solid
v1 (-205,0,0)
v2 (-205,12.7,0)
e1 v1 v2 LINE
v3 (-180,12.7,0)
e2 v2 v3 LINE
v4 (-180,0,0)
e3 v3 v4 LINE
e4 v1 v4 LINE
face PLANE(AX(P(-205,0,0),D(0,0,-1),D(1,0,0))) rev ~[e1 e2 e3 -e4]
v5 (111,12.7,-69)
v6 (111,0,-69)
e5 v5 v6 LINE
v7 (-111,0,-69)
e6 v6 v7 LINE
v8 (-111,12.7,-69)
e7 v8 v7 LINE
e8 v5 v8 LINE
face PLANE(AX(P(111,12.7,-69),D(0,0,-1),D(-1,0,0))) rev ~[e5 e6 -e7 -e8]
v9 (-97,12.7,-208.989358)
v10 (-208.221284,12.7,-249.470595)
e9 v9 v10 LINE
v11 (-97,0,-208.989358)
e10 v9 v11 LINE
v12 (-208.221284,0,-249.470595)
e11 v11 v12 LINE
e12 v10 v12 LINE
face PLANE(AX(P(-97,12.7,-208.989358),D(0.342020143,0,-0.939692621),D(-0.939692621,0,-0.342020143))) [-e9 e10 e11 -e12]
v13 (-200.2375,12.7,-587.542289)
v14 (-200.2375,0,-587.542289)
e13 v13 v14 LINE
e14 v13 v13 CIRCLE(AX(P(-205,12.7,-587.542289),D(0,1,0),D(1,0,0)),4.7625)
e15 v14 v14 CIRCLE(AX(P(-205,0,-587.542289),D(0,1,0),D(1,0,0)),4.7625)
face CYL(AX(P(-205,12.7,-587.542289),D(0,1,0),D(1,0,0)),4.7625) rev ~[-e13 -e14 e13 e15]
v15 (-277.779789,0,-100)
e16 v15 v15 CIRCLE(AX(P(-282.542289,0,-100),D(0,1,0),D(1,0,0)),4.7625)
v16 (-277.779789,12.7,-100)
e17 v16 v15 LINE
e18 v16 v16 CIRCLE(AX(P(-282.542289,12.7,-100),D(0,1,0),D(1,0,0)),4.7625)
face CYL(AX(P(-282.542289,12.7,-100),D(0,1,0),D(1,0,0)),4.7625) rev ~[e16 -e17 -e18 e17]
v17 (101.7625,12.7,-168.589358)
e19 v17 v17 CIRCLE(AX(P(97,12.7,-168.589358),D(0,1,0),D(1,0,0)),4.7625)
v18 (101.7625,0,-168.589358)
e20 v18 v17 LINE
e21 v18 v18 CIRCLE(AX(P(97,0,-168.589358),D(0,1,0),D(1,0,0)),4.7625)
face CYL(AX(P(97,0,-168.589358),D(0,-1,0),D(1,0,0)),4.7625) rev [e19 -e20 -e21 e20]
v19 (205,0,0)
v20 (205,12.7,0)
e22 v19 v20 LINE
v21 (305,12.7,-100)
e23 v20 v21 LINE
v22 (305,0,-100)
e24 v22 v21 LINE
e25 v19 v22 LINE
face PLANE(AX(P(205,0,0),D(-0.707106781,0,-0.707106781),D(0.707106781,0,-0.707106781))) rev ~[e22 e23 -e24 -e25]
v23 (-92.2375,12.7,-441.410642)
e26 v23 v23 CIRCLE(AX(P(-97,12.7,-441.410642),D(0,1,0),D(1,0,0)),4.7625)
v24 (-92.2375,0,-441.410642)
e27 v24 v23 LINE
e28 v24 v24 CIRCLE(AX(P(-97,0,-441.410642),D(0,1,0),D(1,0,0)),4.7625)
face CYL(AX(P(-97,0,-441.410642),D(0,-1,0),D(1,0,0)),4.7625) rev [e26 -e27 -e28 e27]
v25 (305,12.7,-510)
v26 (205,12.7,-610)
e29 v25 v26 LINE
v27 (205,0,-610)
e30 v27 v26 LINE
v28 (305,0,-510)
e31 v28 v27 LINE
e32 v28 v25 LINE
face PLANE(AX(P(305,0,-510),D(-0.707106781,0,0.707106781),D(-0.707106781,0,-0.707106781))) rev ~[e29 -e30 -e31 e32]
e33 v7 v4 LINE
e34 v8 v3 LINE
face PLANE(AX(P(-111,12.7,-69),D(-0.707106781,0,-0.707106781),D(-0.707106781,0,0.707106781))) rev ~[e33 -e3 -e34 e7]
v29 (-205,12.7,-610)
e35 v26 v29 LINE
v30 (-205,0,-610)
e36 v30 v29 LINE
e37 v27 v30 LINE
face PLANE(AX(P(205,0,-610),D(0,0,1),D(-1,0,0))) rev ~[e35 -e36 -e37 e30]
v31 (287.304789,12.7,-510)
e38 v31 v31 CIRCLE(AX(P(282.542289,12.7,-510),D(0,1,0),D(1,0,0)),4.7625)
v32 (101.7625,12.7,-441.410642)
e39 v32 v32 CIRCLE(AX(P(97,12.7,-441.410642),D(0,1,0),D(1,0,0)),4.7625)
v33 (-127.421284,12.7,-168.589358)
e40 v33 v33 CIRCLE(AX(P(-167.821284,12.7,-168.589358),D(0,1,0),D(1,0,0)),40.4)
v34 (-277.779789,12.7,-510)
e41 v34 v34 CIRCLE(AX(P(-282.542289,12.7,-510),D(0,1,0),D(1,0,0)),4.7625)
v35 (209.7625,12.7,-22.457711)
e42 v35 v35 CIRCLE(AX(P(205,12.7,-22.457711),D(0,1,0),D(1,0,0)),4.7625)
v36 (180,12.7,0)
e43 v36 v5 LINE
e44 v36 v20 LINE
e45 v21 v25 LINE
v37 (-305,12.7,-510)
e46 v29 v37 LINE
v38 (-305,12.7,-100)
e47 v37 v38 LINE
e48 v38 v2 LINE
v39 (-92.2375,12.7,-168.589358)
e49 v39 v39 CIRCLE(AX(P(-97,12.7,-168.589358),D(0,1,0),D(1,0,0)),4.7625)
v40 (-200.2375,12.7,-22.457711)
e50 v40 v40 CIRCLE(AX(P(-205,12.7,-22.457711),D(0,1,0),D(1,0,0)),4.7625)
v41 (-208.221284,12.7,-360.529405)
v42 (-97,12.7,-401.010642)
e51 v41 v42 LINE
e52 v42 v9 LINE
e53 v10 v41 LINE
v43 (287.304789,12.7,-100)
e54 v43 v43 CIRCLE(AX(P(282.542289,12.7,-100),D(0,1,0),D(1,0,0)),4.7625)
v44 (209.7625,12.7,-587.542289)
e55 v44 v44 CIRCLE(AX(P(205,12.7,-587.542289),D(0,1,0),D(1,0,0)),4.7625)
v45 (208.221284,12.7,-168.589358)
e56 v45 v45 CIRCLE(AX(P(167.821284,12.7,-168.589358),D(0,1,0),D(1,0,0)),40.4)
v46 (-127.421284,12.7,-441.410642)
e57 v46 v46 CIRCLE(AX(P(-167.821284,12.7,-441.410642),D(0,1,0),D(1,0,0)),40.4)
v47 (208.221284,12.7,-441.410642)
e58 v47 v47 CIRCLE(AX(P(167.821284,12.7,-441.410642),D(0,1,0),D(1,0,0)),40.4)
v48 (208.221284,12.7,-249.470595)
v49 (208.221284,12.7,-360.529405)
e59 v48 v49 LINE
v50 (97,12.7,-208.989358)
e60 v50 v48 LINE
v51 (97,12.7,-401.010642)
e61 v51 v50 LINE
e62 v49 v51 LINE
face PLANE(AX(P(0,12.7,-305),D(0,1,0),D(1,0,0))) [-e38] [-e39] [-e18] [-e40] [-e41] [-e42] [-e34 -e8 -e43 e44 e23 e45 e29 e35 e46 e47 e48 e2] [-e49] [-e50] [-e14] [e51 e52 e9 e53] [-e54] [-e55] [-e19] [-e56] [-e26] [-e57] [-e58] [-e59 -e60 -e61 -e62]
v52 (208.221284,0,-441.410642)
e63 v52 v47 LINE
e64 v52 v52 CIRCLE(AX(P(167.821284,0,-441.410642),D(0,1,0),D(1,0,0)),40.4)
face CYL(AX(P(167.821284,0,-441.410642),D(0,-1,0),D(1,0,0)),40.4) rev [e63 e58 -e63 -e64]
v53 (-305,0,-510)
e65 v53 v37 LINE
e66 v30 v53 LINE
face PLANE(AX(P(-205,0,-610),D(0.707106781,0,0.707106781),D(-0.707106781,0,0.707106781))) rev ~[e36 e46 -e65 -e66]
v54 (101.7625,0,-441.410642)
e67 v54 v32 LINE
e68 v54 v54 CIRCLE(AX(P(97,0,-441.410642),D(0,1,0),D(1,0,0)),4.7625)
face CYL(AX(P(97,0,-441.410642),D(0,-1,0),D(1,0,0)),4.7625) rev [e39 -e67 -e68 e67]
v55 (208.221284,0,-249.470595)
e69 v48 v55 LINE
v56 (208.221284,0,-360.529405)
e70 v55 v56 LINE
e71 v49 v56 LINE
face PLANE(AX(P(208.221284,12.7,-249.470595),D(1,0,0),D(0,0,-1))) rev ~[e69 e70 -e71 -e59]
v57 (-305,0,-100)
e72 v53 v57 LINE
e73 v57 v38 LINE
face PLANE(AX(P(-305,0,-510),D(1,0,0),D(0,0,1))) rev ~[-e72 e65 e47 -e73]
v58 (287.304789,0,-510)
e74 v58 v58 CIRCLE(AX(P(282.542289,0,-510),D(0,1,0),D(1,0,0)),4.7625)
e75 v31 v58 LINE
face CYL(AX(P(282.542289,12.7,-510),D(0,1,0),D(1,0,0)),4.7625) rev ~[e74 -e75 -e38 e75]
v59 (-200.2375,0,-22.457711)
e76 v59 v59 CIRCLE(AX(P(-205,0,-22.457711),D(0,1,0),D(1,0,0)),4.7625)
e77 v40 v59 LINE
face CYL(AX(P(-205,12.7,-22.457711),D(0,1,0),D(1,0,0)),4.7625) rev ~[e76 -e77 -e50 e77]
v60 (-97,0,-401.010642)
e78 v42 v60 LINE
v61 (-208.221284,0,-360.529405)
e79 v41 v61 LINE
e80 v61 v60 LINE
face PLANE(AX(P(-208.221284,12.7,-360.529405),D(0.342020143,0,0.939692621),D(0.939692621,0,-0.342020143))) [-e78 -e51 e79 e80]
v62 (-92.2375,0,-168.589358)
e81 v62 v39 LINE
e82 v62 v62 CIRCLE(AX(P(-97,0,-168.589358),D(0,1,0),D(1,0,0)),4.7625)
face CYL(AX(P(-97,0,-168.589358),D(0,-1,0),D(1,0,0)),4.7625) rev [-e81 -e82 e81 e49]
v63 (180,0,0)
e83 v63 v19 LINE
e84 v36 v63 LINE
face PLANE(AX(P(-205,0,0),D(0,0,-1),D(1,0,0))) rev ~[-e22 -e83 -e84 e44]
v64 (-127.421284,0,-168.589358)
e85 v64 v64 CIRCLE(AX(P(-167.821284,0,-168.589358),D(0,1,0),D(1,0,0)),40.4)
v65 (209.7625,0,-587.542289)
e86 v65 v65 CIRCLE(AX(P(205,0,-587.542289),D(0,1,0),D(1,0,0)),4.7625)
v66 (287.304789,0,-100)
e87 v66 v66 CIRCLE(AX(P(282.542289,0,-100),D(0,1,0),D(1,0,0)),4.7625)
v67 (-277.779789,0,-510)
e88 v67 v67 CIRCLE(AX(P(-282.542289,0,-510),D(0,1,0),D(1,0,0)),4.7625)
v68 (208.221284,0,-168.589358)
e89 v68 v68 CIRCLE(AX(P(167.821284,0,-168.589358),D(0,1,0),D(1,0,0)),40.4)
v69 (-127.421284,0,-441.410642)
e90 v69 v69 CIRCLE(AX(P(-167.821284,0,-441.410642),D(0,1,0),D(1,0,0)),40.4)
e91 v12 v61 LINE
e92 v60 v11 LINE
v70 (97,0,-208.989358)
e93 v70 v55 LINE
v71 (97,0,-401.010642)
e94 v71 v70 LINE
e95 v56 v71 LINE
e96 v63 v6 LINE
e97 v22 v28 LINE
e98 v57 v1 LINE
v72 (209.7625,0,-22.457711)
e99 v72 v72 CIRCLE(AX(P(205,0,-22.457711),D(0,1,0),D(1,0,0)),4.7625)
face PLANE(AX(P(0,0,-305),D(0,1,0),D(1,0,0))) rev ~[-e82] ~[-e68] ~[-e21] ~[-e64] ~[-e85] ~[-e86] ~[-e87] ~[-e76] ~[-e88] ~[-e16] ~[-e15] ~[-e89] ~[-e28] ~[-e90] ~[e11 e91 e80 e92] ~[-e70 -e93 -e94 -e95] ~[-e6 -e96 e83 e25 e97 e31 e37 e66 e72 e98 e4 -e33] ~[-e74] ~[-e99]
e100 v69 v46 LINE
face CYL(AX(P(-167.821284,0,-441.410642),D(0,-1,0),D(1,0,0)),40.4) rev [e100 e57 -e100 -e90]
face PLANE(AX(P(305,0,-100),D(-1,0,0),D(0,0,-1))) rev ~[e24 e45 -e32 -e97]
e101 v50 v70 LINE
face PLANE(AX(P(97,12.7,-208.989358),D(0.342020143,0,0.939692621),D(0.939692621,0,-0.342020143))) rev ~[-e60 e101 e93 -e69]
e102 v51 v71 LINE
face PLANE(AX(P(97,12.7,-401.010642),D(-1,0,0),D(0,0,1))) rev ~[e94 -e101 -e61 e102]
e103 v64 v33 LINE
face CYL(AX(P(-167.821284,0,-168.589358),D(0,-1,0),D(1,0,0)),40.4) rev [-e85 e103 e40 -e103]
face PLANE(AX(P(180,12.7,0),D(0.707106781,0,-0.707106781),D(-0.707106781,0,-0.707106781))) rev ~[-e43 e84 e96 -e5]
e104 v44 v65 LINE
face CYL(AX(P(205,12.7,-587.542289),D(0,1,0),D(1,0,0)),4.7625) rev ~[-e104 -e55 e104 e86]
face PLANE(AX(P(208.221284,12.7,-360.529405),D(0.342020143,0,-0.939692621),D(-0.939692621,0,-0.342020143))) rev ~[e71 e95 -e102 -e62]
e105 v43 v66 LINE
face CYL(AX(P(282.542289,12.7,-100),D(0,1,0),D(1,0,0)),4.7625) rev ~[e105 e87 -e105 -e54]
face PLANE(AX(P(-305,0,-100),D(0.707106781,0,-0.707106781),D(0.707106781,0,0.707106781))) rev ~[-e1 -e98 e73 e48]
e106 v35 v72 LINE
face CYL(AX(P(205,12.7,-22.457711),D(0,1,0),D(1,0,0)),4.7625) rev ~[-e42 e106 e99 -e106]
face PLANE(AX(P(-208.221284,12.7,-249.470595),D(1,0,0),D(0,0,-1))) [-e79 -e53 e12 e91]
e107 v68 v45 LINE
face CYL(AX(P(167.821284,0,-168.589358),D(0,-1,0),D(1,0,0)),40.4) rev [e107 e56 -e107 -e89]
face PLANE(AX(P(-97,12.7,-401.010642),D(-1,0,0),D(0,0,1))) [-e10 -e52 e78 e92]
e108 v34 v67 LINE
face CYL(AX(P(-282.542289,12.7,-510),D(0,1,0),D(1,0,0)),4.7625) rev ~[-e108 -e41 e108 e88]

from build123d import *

# Parameters (mm, degrees)
SKETCH1_R           = 40.4
SKETCH1_R_2         = 4.7625
BOSS_EXTRUDE1_DEPTH = 12.7
CUT_EXTRUDE1_DEPTH  = 5000
SKETCH3_R           = 4.7625
CUT_EXTRUDE2_DEPTH  = 5000
CUT_EXTRUDE3_DEPTH  = 20


with BuildPart() as part:
    # Sketch1 → Boss-Extrude1 (new body)
    with BuildSketch(Plane(origin=(0, 0, 0), x_dir=(1, 0, 0), z_dir=(0, 1, 0))):
        Polygon((205, 0), (305, 100), (305, 510), (205, 610), (-205, 610), (-305, 510), (-305, 100), (-205, 0), align=None)
        with Locations((-167.82128445, 168.589357775)):
            Circle(SKETCH1_R, mode=Mode.SUBTRACT)
        with Locations((-97, 168.589357775)):
            Circle(SKETCH1_R_2, mode=Mode.SUBTRACT)
        with Locations((97, 168.589357775)):
            Circle(SKETCH1_R_2, mode=Mode.SUBTRACT)
        with Locations((167.82128445, 168.589357775)):
            Circle(SKETCH1_R, mode=Mode.SUBTRACT)
        with Locations((-167.82128445, 441.410642225)):
            Circle(SKETCH1_R, mode=Mode.SUBTRACT)
        with Locations((-97, 441.410642225)):
            Circle(SKETCH1_R_2, mode=Mode.SUBTRACT)
        with Locations((97, 441.410642225)):
            Circle(SKETCH1_R_2, mode=Mode.SUBTRACT)
        with Locations((167.82128445, 441.410642225)):
            Circle(SKETCH1_R, mode=Mode.SUBTRACT)
    extrude(amount=BOSS_EXTRUDE1_DEPTH)

    # Sketch2 → Cut-Extrude1 (cut)
    with BuildSketch(Plane(origin=(0, 12.7, 0), x_dir=(1, 0, 0), z_dir=(0, 1, 0))):
        Polygon((-111, 69), (-180, 0), (180, 0), (111, 69), align=None)
    extrude(amount=-CUT_EXTRUDE1_DEPTH, mode=Mode.SUBTRACT)

    # Sketch3 → Cut-Extrude2 (cut)
    with BuildSketch(Plane(origin=(0, 12.7, 0), x_dir=(1, 0, 0), z_dir=(0, 1, 0))):
        with Locations((-205, 22.45771137)):
            Circle(SKETCH3_R)
        with Locations((205, 22.45771137)):
            Circle(SKETCH3_R)
        with Locations((-282.54228863, 100)):
            Circle(SKETCH3_R)
        with Locations((282.54228863, 100)):
            Circle(SKETCH3_R)
        with Locations((282.54228863, 510)):
            Circle(SKETCH3_R)
        with Locations((205, 587.54228863)):
            Circle(SKETCH3_R)
        with Locations((-205, 587.54228863)):
            Circle(SKETCH3_R)
        with Locations((-282.54228863, 510)):
            Circle(SKETCH3_R)
    extrude(amount=-CUT_EXTRUDE2_DEPTH, mode=Mode.SUBTRACT)

    # Sketch4 → Cut-Extrude3 (cut)
    with BuildSketch(Plane(origin=(0, 12.7, 0), x_dir=(1, 0, 0), z_dir=(0, 1, 0))):
        Polygon((-208.22128445, 360.529405268), (-97, 401.010642225), (-97, 208.989357775), (-208.22128445, 249.470594732), align=None)
        Polygon((208.22128445, 249.470594732), (208.22128445, 360.529405268), (97, 401.010642225), (97, 208.989357775), align=None)
    extrude(amount=-CUT_EXTRUDE3_DEPTH, mode=Mode.SUBTRACT)


solid = part.part
